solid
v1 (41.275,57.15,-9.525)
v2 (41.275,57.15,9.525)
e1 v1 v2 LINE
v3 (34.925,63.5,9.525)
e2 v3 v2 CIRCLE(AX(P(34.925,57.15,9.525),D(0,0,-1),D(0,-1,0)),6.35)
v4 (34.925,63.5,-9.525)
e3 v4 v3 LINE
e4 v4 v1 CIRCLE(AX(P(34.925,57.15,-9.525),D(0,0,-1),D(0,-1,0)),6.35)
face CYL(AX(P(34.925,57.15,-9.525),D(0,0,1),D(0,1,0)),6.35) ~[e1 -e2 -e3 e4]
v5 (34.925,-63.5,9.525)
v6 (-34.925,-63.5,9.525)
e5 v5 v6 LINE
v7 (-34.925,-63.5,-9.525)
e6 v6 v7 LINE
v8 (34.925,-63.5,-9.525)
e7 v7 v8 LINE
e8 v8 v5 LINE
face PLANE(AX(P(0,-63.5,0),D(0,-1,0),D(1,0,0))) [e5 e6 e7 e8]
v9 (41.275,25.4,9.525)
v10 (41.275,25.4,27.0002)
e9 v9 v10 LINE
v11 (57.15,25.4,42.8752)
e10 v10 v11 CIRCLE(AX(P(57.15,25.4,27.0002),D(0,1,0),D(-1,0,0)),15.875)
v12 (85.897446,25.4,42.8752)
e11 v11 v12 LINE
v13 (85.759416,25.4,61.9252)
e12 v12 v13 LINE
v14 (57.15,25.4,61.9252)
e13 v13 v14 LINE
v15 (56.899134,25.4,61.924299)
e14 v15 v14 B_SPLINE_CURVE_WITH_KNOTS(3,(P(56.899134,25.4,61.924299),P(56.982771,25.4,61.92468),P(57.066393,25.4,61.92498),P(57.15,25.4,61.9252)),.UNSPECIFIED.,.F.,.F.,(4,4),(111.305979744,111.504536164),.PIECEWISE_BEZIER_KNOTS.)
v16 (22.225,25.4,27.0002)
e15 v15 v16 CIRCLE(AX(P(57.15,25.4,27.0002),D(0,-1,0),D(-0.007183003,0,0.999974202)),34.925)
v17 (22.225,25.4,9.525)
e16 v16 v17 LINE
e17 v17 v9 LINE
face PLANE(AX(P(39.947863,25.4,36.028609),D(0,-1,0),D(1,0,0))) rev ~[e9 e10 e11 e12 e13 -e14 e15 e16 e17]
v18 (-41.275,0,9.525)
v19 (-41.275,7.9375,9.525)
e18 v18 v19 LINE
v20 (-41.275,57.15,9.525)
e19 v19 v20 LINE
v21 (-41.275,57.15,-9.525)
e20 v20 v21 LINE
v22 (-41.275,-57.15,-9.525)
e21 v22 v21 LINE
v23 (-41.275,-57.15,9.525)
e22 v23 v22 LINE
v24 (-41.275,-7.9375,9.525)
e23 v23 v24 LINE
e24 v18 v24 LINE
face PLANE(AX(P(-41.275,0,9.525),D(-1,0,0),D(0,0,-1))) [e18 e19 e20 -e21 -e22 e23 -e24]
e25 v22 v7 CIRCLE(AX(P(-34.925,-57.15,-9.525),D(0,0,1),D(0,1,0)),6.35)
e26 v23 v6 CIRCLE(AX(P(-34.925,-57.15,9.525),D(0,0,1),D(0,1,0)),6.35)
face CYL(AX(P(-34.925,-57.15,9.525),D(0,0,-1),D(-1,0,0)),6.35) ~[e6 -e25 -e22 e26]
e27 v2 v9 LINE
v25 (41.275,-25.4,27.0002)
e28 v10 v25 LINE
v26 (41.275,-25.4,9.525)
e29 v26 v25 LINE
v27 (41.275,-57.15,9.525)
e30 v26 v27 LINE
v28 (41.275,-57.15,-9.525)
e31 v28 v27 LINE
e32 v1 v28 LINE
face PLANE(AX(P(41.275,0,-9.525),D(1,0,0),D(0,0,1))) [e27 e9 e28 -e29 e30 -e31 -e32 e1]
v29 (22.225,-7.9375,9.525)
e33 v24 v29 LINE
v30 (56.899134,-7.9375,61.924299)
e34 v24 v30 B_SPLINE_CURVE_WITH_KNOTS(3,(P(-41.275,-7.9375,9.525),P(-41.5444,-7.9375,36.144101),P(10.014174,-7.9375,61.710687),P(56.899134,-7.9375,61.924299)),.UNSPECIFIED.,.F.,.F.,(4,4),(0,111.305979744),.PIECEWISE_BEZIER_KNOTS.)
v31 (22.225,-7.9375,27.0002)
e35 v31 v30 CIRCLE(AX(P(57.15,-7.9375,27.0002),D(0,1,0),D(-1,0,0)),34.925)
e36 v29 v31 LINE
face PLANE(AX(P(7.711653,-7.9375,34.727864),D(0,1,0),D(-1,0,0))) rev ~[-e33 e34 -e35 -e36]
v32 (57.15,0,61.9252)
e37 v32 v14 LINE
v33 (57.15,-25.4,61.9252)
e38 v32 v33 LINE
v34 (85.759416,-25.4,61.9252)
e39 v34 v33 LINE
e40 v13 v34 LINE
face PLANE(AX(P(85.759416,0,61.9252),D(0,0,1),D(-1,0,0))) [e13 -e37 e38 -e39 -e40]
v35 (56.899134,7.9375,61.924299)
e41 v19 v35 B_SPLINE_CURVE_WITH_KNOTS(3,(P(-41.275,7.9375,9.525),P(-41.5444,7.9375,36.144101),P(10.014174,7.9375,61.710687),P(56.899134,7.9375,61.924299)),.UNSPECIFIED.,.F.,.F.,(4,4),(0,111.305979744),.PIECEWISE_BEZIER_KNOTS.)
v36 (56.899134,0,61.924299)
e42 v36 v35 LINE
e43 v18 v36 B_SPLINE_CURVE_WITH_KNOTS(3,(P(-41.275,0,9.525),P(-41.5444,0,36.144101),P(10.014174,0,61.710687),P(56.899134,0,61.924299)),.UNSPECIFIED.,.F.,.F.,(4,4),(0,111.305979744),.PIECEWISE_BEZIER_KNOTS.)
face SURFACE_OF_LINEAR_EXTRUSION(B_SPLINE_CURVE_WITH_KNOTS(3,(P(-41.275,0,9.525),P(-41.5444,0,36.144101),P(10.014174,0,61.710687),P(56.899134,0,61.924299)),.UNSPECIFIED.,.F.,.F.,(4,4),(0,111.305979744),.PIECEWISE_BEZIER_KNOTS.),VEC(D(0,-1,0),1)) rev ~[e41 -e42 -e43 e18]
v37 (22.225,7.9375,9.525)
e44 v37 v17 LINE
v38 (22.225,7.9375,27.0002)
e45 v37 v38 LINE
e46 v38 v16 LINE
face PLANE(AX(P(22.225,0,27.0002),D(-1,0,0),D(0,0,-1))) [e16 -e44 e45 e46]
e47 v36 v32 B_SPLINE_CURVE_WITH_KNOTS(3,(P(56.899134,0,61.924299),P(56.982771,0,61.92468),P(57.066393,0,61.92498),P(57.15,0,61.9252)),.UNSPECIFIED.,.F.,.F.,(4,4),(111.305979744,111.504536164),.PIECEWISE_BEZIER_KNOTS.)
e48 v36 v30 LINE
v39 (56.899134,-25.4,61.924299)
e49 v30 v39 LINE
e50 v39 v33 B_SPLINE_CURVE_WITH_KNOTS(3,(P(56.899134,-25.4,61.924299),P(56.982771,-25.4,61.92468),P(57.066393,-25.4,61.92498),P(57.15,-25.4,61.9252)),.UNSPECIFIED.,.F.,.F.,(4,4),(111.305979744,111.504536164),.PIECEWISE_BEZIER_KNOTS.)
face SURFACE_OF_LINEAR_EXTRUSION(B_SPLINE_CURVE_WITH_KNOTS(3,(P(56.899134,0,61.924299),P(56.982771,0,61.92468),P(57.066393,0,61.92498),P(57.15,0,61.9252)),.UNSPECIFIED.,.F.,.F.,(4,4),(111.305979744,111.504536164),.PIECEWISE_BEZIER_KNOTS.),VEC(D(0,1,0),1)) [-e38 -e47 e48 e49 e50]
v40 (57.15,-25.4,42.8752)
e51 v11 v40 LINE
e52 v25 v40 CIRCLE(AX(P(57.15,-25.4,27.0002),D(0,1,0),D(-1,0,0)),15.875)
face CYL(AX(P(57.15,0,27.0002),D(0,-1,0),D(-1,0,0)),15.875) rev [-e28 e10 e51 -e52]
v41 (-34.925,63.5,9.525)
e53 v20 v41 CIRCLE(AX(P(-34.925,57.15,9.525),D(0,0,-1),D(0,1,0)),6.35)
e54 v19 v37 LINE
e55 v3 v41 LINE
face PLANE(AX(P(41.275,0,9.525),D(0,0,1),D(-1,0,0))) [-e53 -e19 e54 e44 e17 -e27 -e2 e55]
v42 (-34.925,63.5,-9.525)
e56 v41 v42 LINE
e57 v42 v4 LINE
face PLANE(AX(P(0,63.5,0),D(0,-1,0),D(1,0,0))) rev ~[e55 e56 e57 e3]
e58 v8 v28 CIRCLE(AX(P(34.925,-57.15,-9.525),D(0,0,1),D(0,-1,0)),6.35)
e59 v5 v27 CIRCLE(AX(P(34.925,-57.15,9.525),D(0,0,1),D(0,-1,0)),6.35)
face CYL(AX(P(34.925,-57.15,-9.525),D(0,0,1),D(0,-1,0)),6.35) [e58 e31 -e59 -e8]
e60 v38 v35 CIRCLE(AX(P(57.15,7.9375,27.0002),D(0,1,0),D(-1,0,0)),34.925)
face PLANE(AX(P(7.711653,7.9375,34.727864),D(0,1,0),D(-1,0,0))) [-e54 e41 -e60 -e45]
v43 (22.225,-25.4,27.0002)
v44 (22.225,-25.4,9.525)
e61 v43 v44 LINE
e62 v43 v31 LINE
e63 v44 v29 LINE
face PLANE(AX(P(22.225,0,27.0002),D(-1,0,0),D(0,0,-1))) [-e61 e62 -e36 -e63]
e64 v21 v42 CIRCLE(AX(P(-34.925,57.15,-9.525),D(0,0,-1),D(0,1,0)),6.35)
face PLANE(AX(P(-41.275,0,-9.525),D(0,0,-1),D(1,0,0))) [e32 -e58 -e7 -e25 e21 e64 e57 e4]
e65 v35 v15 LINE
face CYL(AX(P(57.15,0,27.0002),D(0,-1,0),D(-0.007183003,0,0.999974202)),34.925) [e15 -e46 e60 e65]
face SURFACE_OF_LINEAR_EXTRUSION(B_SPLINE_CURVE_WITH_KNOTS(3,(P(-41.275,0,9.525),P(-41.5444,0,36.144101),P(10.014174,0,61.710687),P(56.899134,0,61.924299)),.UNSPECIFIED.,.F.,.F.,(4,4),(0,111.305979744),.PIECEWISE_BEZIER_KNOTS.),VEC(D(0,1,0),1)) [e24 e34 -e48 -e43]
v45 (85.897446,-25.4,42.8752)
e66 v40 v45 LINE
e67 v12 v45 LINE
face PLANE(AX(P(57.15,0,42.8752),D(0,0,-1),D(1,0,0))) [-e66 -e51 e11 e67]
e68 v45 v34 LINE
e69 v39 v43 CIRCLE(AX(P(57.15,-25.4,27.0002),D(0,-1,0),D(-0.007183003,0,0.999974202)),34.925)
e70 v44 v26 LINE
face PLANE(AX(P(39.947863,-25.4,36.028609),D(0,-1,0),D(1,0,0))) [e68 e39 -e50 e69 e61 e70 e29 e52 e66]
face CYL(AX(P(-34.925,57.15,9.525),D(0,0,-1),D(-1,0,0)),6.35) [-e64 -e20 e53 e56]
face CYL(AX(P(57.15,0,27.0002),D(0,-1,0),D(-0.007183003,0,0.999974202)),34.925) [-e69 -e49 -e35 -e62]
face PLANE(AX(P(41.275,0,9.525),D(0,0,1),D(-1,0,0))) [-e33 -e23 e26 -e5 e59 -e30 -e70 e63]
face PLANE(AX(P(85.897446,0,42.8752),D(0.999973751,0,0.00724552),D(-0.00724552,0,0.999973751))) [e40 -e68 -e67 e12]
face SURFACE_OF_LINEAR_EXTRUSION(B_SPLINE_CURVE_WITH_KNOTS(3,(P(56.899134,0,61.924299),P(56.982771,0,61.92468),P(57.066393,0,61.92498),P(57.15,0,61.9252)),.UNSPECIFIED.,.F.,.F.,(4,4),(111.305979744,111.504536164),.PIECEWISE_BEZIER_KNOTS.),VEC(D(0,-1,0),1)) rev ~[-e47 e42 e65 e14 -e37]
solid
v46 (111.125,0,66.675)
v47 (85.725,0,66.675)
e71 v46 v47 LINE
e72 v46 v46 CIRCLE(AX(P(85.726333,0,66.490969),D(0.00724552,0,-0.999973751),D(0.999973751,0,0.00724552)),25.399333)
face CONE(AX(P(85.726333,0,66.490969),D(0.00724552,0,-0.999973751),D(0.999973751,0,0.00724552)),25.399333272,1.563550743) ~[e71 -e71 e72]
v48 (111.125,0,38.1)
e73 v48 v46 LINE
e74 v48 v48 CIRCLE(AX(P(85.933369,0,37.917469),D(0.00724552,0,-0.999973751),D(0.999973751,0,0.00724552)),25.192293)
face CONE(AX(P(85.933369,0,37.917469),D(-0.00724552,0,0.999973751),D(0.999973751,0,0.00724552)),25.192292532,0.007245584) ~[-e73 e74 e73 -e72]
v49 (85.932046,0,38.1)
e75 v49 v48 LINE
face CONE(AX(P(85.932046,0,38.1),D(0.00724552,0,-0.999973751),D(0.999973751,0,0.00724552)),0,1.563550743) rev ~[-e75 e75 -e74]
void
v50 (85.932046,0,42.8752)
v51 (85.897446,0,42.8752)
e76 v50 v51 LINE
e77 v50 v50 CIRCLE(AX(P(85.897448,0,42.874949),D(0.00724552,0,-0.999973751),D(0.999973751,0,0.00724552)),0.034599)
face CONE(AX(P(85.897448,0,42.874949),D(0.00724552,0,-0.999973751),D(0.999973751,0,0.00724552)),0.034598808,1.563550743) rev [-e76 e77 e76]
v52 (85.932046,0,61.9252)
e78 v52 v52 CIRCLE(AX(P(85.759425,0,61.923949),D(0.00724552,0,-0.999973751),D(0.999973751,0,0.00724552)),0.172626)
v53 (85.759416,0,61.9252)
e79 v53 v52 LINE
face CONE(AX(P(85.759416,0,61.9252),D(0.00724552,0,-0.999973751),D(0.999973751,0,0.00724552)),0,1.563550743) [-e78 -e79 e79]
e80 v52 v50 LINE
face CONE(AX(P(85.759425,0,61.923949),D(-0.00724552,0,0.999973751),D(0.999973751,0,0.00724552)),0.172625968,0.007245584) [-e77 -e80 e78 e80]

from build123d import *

# Parameters (mm, degrees)
F1_DEPTH = 63.5
F2_DEPTH = 25.4
F3_DEPTH = 7.9375
F5_R     = 6.35


with BuildPart() as f1:
    # F0 (on Front) → F1 (new body, symmetric)
    with BuildSketch(Plane.XZ):
        Polygon((-41.275, -9.525), (41.275, -9.525), (41.275, 9.525), (22.225, 9.525), (-41.275, 9.525), align=None)
    extrude(amount=F1_DEPTH, both=True)

    # F0 (on Front) → F2 (join, symmetric)
    with BuildSketch(Plane.XZ):
        with BuildLine():
            Line((22.225, 9.525), (41.275, 9.525))
            Line((41.275, 9.525), (41.275, 27.0002))
            ThreePointArc((41.275, 27.0002), (45.9246798487, 38.2255201513), (57.15, 42.8752))
            Line((57.15, 42.8752), (60.325, 42.8752))
            Line((60.325, 42.8752), (60.325, 61.9252))
            Line((60.325, 61.9252), (57.15, 61.9252))
            add(Edge.make_bspline(
                [(56.8991336297, 61.9242990015), (56.9827707325, 61.9246800592), (57.0663929629, 61.924980438), (57.15, 61.9252)],
                knots=[111.305979744, 111.305979744, 111.305979744, 111.305979744, 111.5045361635, 111.5045361635, 111.5045361635, 111.5045361635], degree=3))
            ThreePointArc((56.8991336297, 61.9242990015), (32.3657597153, 51.607049829), (22.225, 27.0002))
            Line((22.225, 27.0002), (22.225, 9.525))
        make_face()
        Polygon((60.325, 61.9252), (60.325, 42.8752), (85.8974464586, 42.8752), (85.7594156753, 61.9252), align=None)
    extrude(amount=F2_DEPTH, both=True)

    # F0 (on Front) → F3 (join, symmetric)
    with BuildSketch(Plane.XZ):
        with BuildLine():
            add(Edge.make_bspline(
                [(-41.275, 9.525), (-41.5444001407, 36.1441011448), (10.0141742032, 61.710687173), (56.8991336297, 61.9242990015)],
                knots=[0, 0, 0, 0, 111.305979744, 111.305979744, 111.305979744, 111.305979744], degree=3))
            Line((-41.275, 9.525), (22.225, 9.525))
            Line((22.225, 9.525), (22.225, 27.0002))
            ThreePointArc((22.225, 27.0002), (32.3657597153, 51.607049829), (56.8991336297, 61.9242990015))
        make_face()
    extrude(amount=F3_DEPTH, both=True)

    # F5
    f5_edges = [f1.edges().sort_by_distance(p)[0] for p in [
        (41.275, 63.5, 0),
        (-41.275, 63.5, 0),
        (-41.275, -63.5, 0),
        (41.275, -63.5, 0),
    ]]
    fillet(f5_edges, radius=F5_R)


with BuildPart() as f4:
    # F0 (on Front) → F4 (revolve)
    with BuildSketch(Plane.XZ):
        Polygon((85.932046175, 42.8752), (85.8974464586, 42.8752), (85.932046175, 38.1), (111.125, 38.1), (111.125, 66.675), (85.725, 66.675), (85.7594156753, 61.9252), (85.932046175, 61.9252), align=None)
    revolve(axis=Axis((85.8285230875, 0, 52.3875), (0.0072455202, 0, -0.9999737509)))


solid = Compound([f1.part, f4.part])
